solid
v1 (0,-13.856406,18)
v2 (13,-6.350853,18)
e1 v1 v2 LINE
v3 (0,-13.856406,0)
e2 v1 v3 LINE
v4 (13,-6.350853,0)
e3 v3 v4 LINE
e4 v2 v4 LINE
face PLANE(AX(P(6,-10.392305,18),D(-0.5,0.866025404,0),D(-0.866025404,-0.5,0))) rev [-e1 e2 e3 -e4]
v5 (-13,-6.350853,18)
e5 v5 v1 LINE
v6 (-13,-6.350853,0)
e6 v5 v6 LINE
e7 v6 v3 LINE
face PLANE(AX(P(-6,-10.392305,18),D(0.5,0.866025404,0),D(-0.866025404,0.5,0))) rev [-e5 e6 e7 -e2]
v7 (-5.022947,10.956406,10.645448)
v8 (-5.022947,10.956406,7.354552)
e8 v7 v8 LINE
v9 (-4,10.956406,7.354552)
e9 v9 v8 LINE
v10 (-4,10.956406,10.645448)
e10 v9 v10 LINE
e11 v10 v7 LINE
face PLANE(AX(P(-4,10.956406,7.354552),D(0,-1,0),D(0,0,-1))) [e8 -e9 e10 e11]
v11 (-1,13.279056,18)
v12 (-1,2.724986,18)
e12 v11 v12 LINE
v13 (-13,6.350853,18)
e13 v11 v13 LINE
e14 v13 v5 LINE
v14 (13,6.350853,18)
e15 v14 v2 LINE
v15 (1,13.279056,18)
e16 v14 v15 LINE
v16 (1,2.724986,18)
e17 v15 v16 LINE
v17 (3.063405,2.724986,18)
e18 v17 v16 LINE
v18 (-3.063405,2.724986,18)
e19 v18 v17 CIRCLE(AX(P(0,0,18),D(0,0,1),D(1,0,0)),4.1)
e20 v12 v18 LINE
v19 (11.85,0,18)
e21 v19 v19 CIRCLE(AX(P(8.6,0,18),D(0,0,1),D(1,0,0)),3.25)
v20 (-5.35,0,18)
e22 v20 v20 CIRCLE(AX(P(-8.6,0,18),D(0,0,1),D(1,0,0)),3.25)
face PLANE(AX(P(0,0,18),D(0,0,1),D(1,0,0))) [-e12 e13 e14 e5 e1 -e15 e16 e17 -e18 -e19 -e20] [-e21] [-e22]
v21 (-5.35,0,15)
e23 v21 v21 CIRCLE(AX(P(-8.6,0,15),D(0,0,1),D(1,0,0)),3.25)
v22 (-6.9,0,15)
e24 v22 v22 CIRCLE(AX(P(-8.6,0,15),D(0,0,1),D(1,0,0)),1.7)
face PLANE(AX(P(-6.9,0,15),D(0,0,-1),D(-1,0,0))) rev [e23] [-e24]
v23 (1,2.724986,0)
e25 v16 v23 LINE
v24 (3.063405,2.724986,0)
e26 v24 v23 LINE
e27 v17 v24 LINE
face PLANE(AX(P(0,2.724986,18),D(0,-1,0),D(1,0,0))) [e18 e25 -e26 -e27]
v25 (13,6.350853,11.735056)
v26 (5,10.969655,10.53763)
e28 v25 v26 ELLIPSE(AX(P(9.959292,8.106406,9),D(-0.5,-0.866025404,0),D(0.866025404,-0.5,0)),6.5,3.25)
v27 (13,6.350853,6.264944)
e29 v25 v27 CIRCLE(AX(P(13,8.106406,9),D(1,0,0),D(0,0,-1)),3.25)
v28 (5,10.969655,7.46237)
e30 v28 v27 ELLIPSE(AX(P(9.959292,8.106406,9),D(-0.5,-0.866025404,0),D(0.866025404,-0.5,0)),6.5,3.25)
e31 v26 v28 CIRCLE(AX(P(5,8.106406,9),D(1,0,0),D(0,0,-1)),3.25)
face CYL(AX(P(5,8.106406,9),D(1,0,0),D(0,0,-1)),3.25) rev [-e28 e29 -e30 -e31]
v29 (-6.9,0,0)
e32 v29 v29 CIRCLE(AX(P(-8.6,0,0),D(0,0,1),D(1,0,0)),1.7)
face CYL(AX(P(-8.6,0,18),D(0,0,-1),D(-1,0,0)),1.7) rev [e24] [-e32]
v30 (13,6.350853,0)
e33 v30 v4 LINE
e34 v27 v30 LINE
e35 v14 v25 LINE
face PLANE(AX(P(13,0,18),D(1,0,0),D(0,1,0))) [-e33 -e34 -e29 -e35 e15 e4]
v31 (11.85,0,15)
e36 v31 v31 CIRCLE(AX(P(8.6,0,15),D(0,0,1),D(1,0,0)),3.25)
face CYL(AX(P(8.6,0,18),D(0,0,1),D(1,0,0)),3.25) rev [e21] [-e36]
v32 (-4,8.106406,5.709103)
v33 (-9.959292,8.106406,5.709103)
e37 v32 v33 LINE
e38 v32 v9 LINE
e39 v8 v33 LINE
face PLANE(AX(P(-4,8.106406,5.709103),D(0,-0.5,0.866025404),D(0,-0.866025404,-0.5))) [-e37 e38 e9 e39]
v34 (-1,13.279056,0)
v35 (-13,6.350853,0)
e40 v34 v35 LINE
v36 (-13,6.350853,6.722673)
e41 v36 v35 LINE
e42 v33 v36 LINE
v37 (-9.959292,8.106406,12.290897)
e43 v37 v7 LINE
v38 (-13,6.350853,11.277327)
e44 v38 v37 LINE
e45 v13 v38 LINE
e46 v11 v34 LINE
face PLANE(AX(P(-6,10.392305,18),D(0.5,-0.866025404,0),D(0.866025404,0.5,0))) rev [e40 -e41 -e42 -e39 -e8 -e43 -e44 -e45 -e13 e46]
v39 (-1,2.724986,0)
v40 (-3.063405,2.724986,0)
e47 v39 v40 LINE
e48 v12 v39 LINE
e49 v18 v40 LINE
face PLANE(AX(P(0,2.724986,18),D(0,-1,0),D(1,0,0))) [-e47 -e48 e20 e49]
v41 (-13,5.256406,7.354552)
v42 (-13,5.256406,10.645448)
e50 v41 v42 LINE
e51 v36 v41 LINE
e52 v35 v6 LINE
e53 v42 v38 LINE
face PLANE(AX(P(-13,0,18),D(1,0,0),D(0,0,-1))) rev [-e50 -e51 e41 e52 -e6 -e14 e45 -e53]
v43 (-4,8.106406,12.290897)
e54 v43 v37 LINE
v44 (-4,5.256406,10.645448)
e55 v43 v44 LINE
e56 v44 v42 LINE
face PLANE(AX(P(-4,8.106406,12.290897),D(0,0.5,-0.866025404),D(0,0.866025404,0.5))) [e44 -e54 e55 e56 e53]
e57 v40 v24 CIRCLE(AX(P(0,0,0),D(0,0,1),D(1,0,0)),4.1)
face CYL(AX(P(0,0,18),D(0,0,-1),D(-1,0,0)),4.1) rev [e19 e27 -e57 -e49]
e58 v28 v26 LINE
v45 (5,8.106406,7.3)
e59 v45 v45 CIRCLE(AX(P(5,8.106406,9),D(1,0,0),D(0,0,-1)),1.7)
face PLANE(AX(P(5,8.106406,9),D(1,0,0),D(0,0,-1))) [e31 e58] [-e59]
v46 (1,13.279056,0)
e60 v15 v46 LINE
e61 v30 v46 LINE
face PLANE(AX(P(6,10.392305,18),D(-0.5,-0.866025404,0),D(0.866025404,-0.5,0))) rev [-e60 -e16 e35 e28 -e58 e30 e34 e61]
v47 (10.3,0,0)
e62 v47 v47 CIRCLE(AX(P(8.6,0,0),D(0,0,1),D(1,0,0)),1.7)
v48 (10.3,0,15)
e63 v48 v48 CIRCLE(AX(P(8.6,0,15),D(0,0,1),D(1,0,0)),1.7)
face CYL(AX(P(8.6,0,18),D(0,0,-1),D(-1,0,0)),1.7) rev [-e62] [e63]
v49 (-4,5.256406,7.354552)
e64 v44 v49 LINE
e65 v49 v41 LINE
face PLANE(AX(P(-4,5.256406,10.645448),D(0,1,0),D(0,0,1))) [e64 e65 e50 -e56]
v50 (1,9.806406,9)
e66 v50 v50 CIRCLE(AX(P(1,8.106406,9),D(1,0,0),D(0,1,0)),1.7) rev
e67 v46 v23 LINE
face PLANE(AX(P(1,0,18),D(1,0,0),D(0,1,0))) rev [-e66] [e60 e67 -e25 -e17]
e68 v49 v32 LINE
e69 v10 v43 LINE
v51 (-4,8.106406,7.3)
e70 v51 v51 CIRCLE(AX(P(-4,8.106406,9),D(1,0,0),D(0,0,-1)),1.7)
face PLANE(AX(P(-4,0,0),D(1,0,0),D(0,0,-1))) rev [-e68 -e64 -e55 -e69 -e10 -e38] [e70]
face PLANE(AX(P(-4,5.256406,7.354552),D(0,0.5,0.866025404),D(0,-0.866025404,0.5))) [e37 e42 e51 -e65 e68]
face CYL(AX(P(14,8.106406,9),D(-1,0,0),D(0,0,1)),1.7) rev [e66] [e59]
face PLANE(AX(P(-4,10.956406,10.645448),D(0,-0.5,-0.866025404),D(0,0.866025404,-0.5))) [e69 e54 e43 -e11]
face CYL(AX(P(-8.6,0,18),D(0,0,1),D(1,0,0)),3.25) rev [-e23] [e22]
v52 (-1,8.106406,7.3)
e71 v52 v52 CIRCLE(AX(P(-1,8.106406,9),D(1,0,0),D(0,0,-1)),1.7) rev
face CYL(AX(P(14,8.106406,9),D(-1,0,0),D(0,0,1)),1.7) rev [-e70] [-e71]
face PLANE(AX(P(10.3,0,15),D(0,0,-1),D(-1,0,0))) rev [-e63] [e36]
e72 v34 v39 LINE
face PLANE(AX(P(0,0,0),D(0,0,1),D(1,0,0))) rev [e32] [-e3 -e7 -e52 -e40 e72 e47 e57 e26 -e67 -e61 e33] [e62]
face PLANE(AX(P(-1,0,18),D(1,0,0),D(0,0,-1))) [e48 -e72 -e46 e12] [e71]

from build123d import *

# Parameters (mm, degrees)
BOSS_EXTRUDE1_DEPTH            = 18
SKETCH41_R                     = 1.7
CUT_EXTRUDE7_DEPTH             = 18
CBORE_FOR_M3_SHCS1_D           = 3.4
CBORE_FOR_M3_SHCS1_CBORE_D     = 6.5
CBORE_FOR_M3_SHCS1_CBORE_DEPTH = 3
CBORE_FOR_M3_SHCS2_D           = 3.4
CBORE_FOR_M3_SHCS2_CBORE_D     = 6.5
CBORE_FOR_M3_SHCS2_CBORE_DEPTH = 3
SKETCH52_R                     = 1.7
CUT_EXTRUDE10_DEPTH            = 15
CUT_EXTRUDE10_DEPTH_BACK       = 15
SKETCH58_R                     = 3.25
CUT_EXTRUDE11_DEPTH            = 8
CUT_EXTRUDE12_DEPTH            = 4
CUT_EXTRUDE12_DEPTH_BACK       = 6


with BuildPart() as part:
    # Sketch1 → Boss-Extrude1 (new body)
    with BuildSketch(Plane(origin=(0, 0, 0), x_dir=(0, 1, 0), z_dir=(0, 0, 1))):
        with BuildLine():
            Line((-6.350852961, -13), (6.350852961, -13))
            Line((6.350852961, -13), (13.279056191, -1))
            Line((13.279056191, -1), (2.724986242, -1))
            Line((2.724986242, -1), (2.724986242, -3.063404965))
            ThreePointArc((2.724986242, -3.063404965), (-1.678921738, -3.740484166), (-4.1, 0))
            ThreePointArc((-4.1, 0), (-1.678921738, 3.740484166), (2.724986242, 3.063404965))
            Line((2.724986242, 3.063404965), (2.724986242, 1))
            Line((2.724986242, 1), (13.279056191, 1))
            Line((13.279056191, 1), (6.350852961, 13))
            Line((6.350852961, 13), (-6.350852961, 13))
            Line((-6.350852961, 13), (-13.856406461, 0))
            Line((-13.856406461, 0), (-6.350852961, -13))
        make_face()
    extrude(amount=BOSS_EXTRUDE1_DEPTH)

    # Sketch41 → Cut-Extrude7 (cut)
    with BuildSketch(Plane(origin=(0, 0, 0), x_dir=(0, 1, 0), z_dir=(0, 0, 1))):
        with Locations((0, 8.6)):
            Circle(SKETCH41_R)
        with Locations((0, -8.6)):
            Circle(SKETCH41_R)
    extrude(amount=CUT_EXTRUDE7_DEPTH, mode=Mode.SUBTRACT)

    # CBORE for M3 SHCS1 (through all)
    with Locations(Plane(origin=(-8.6, 0, 18), x_dir=(1, 0, 0), z_dir=(0, 0, 1))):
        with Locations((0, 0)):
            CounterBoreHole(CBORE_FOR_M3_SHCS1_D / 2, CBORE_FOR_M3_SHCS1_CBORE_D / 2, CBORE_FOR_M3_SHCS1_CBORE_DEPTH)

    # CBORE for M3 SHCS2 (through all)
    with Locations(Plane(origin=(8.6, 0, 18), x_dir=(1, 0, 0), z_dir=(0, 0, 1))):
        with Locations((0, 0)):
            CounterBoreHole(CBORE_FOR_M3_SHCS2_D / 2, CBORE_FOR_M3_SHCS2_CBORE_D / 2, CBORE_FOR_M3_SHCS2_CBORE_DEPTH)

    # Sketch52 → Cut-Extrude10 (cut, two sides)
    with BuildSketch(Plane.YZ.offset(-1)) as cut_extrude10_sk:
        with Locations((8.106406461, 9)):
            Circle(SKETCH52_R)
    extrude(amount=CUT_EXTRUDE10_DEPTH, mode=Mode.SUBTRACT)
    extrude(cut_extrude10_sk.sketch, amount=-CUT_EXTRUDE10_DEPTH_BACK, mode=Mode.SUBTRACT)

    # Sketch58 → Cut-Extrude11 (cut)
    with BuildSketch(Plane.YZ.offset(13)):
        with Locations((8.106406461, 9)):
            Circle(SKETCH58_R)
    extrude(amount=-CUT_EXTRUDE11_DEPTH, mode=Mode.SUBTRACT)

    # Sketch60 → Cut-Extrude12 (cut, two sides)
    with BuildSketch(Plane.YZ.offset(-8)) as cut_extrude12_sk:
        Polygon((8.106406461, 5.709103466), (10.956406461, 7.354551733), (10.956406461, 10.645448267), (8.106406461, 12.290896534), (5.256406461, 10.645448267), (5.256406461, 7.354551733), align=None)
    extrude(amount=CUT_EXTRUDE12_DEPTH, mode=Mode.SUBTRACT)
    extrude(cut_extrude12_sk.sketch, amount=-CUT_EXTRUDE12_DEPTH_BACK, mode=Mode.SUBTRACT)


solid = part.part
